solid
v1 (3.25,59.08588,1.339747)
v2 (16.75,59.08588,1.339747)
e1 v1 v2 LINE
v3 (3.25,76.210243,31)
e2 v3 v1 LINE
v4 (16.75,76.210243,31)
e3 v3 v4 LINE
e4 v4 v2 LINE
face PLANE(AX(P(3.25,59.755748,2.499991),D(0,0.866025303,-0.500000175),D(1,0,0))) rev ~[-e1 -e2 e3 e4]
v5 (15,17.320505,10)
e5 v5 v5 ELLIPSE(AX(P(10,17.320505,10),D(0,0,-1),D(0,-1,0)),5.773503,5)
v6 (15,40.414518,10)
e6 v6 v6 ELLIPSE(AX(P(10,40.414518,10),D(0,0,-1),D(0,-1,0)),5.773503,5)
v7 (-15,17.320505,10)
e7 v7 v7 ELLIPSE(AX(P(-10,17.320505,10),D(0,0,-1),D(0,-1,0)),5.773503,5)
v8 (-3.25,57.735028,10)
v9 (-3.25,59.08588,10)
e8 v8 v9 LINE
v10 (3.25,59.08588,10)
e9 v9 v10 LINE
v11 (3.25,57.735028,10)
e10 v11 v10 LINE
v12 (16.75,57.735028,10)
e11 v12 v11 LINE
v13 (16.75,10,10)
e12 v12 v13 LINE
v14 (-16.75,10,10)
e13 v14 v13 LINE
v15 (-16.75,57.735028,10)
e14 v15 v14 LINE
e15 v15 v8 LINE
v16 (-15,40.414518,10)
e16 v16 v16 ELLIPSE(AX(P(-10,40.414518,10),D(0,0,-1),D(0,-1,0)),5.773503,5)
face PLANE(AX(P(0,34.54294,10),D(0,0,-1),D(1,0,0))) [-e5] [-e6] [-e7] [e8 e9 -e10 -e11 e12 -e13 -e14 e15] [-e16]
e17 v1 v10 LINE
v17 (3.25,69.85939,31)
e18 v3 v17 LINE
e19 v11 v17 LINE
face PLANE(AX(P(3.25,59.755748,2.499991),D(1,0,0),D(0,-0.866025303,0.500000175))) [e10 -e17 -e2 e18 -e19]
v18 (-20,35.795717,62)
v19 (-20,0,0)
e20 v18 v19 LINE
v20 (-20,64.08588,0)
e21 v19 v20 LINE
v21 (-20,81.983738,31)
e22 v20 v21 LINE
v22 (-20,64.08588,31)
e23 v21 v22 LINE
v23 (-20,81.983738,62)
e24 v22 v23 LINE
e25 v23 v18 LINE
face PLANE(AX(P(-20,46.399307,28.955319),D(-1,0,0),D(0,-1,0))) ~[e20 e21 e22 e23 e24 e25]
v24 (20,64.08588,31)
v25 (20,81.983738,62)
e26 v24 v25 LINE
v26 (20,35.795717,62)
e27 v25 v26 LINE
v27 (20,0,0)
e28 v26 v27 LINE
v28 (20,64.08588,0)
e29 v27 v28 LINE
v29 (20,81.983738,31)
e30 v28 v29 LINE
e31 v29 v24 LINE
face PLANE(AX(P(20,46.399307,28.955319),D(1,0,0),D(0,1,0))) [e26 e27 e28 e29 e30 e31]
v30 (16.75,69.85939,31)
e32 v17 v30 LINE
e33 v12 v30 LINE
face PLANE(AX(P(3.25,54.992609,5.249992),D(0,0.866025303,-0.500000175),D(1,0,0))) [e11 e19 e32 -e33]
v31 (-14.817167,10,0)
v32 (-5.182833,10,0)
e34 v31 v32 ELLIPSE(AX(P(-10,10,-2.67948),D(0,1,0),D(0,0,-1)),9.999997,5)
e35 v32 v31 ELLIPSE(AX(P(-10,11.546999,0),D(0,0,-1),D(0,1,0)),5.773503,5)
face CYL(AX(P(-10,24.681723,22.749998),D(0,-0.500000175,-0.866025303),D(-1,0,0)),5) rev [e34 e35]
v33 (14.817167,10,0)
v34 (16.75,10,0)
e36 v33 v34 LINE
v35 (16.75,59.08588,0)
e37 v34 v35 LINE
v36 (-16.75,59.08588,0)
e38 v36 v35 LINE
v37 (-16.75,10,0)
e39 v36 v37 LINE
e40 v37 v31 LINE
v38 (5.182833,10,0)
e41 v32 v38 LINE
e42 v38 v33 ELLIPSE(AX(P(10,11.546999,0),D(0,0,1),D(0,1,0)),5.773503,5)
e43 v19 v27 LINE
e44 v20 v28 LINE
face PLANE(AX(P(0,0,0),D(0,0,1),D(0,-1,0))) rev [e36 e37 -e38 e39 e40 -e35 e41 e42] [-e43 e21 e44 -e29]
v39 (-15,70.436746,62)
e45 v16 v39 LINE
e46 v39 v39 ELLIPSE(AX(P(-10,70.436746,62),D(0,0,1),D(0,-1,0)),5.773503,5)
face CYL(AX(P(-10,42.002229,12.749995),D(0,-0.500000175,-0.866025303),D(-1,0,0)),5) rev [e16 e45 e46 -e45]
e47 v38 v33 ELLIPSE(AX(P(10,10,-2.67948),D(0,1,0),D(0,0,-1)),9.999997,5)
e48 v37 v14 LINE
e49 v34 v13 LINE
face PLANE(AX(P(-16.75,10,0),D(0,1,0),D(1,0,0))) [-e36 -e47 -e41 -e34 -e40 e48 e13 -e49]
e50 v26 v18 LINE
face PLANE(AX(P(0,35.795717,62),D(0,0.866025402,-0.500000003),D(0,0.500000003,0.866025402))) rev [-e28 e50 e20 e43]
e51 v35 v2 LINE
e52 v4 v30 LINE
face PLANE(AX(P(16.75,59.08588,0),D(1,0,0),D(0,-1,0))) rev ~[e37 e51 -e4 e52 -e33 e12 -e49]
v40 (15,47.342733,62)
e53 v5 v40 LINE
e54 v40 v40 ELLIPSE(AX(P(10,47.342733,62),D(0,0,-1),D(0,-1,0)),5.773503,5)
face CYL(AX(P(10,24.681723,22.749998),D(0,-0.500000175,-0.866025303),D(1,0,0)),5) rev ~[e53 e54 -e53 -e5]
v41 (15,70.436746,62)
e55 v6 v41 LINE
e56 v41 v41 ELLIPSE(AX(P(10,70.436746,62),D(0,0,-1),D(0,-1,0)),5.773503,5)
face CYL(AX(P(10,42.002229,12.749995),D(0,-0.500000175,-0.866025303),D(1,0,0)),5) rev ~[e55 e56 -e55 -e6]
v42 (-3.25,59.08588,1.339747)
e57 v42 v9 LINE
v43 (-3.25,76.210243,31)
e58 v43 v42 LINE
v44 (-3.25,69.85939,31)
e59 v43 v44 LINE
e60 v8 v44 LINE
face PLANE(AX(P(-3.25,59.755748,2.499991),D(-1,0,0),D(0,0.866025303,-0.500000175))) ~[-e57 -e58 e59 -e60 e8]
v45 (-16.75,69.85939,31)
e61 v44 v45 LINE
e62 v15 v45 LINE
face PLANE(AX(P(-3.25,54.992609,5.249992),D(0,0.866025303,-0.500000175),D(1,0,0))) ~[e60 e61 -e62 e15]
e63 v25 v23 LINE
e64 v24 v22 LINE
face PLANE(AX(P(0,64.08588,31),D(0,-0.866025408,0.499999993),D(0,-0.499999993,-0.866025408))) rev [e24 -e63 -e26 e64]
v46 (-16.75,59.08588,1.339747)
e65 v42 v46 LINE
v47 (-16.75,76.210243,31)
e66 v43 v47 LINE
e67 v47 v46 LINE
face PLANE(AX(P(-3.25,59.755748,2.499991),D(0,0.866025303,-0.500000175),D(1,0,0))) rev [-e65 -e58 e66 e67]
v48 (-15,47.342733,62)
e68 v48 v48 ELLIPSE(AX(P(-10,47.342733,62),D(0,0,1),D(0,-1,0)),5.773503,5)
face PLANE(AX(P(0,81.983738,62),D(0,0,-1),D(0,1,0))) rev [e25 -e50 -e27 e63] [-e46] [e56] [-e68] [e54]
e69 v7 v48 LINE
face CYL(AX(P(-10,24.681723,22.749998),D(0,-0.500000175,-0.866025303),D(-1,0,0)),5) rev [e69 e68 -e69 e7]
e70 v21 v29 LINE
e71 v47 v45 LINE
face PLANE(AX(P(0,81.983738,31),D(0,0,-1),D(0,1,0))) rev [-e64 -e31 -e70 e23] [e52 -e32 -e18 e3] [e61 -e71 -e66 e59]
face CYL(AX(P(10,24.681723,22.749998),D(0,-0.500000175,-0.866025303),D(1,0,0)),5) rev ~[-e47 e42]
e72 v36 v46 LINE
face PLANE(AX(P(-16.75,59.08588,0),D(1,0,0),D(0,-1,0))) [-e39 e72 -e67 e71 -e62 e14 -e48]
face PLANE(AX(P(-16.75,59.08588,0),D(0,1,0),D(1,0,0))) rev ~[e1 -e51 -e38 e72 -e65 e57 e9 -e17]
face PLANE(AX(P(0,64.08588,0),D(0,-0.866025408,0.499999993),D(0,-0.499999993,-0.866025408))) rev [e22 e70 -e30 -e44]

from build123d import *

# Parameters (mm, degrees)
F1_DEPTH = 20
F3_R     = 5
F3_W     = 13.5
F3_H     = 5.5
F4_DEPTH = 500
F6_W     = 33.5
F6_H     = 49.08588
F7_DEPTH = 10


with BuildPart() as f1:
    # F0 (on Right) → F1 (new body)
    with BuildSketch(Plane.YZ):
        Polygon((35.795717, 62), (0, 0), (46.188022, 0), (64.08588, 0), (81.983738, 31), (64.08588, 31), (81.983738, 62), align=None)
    extrude(amount=F1_DEPTH)

    # F3 (on face) → F4 (cut, symmetric)
    with BuildSketch(Plane(origin=(0, 16.02147, 27.75), x_dir=(1, 0, 0), z_dir=(0, -0.5, -0.866025))):
        with Locations((10, -10)):
            Circle(F3_R)
        with Locations((10, -30)):
            Circle(F3_R)
        with Locations((10, -47.75)):
            Rectangle(F3_W, F3_H)
    extrude(amount=F4_DEPTH, both=True, mode=Mode.SUBTRACT)

    # F5: F1 across plane


with BuildPart() as f1_1:
    add(f1.part)
    add(f1.part.mirror(Plane.YZ))

    # F6 (on face) → F7 (cut)
    with BuildSketch(Plane(origin=(0, 0, 0), x_dir=(1, 0, 0), z_dir=(0, 0, -1))):
        with Locations((0, -34.54294)):
            Rectangle(F6_W, F6_H)
    extrude(amount=-F7_DEPTH, mode=Mode.SUBTRACT)


solid = f1_1.part
